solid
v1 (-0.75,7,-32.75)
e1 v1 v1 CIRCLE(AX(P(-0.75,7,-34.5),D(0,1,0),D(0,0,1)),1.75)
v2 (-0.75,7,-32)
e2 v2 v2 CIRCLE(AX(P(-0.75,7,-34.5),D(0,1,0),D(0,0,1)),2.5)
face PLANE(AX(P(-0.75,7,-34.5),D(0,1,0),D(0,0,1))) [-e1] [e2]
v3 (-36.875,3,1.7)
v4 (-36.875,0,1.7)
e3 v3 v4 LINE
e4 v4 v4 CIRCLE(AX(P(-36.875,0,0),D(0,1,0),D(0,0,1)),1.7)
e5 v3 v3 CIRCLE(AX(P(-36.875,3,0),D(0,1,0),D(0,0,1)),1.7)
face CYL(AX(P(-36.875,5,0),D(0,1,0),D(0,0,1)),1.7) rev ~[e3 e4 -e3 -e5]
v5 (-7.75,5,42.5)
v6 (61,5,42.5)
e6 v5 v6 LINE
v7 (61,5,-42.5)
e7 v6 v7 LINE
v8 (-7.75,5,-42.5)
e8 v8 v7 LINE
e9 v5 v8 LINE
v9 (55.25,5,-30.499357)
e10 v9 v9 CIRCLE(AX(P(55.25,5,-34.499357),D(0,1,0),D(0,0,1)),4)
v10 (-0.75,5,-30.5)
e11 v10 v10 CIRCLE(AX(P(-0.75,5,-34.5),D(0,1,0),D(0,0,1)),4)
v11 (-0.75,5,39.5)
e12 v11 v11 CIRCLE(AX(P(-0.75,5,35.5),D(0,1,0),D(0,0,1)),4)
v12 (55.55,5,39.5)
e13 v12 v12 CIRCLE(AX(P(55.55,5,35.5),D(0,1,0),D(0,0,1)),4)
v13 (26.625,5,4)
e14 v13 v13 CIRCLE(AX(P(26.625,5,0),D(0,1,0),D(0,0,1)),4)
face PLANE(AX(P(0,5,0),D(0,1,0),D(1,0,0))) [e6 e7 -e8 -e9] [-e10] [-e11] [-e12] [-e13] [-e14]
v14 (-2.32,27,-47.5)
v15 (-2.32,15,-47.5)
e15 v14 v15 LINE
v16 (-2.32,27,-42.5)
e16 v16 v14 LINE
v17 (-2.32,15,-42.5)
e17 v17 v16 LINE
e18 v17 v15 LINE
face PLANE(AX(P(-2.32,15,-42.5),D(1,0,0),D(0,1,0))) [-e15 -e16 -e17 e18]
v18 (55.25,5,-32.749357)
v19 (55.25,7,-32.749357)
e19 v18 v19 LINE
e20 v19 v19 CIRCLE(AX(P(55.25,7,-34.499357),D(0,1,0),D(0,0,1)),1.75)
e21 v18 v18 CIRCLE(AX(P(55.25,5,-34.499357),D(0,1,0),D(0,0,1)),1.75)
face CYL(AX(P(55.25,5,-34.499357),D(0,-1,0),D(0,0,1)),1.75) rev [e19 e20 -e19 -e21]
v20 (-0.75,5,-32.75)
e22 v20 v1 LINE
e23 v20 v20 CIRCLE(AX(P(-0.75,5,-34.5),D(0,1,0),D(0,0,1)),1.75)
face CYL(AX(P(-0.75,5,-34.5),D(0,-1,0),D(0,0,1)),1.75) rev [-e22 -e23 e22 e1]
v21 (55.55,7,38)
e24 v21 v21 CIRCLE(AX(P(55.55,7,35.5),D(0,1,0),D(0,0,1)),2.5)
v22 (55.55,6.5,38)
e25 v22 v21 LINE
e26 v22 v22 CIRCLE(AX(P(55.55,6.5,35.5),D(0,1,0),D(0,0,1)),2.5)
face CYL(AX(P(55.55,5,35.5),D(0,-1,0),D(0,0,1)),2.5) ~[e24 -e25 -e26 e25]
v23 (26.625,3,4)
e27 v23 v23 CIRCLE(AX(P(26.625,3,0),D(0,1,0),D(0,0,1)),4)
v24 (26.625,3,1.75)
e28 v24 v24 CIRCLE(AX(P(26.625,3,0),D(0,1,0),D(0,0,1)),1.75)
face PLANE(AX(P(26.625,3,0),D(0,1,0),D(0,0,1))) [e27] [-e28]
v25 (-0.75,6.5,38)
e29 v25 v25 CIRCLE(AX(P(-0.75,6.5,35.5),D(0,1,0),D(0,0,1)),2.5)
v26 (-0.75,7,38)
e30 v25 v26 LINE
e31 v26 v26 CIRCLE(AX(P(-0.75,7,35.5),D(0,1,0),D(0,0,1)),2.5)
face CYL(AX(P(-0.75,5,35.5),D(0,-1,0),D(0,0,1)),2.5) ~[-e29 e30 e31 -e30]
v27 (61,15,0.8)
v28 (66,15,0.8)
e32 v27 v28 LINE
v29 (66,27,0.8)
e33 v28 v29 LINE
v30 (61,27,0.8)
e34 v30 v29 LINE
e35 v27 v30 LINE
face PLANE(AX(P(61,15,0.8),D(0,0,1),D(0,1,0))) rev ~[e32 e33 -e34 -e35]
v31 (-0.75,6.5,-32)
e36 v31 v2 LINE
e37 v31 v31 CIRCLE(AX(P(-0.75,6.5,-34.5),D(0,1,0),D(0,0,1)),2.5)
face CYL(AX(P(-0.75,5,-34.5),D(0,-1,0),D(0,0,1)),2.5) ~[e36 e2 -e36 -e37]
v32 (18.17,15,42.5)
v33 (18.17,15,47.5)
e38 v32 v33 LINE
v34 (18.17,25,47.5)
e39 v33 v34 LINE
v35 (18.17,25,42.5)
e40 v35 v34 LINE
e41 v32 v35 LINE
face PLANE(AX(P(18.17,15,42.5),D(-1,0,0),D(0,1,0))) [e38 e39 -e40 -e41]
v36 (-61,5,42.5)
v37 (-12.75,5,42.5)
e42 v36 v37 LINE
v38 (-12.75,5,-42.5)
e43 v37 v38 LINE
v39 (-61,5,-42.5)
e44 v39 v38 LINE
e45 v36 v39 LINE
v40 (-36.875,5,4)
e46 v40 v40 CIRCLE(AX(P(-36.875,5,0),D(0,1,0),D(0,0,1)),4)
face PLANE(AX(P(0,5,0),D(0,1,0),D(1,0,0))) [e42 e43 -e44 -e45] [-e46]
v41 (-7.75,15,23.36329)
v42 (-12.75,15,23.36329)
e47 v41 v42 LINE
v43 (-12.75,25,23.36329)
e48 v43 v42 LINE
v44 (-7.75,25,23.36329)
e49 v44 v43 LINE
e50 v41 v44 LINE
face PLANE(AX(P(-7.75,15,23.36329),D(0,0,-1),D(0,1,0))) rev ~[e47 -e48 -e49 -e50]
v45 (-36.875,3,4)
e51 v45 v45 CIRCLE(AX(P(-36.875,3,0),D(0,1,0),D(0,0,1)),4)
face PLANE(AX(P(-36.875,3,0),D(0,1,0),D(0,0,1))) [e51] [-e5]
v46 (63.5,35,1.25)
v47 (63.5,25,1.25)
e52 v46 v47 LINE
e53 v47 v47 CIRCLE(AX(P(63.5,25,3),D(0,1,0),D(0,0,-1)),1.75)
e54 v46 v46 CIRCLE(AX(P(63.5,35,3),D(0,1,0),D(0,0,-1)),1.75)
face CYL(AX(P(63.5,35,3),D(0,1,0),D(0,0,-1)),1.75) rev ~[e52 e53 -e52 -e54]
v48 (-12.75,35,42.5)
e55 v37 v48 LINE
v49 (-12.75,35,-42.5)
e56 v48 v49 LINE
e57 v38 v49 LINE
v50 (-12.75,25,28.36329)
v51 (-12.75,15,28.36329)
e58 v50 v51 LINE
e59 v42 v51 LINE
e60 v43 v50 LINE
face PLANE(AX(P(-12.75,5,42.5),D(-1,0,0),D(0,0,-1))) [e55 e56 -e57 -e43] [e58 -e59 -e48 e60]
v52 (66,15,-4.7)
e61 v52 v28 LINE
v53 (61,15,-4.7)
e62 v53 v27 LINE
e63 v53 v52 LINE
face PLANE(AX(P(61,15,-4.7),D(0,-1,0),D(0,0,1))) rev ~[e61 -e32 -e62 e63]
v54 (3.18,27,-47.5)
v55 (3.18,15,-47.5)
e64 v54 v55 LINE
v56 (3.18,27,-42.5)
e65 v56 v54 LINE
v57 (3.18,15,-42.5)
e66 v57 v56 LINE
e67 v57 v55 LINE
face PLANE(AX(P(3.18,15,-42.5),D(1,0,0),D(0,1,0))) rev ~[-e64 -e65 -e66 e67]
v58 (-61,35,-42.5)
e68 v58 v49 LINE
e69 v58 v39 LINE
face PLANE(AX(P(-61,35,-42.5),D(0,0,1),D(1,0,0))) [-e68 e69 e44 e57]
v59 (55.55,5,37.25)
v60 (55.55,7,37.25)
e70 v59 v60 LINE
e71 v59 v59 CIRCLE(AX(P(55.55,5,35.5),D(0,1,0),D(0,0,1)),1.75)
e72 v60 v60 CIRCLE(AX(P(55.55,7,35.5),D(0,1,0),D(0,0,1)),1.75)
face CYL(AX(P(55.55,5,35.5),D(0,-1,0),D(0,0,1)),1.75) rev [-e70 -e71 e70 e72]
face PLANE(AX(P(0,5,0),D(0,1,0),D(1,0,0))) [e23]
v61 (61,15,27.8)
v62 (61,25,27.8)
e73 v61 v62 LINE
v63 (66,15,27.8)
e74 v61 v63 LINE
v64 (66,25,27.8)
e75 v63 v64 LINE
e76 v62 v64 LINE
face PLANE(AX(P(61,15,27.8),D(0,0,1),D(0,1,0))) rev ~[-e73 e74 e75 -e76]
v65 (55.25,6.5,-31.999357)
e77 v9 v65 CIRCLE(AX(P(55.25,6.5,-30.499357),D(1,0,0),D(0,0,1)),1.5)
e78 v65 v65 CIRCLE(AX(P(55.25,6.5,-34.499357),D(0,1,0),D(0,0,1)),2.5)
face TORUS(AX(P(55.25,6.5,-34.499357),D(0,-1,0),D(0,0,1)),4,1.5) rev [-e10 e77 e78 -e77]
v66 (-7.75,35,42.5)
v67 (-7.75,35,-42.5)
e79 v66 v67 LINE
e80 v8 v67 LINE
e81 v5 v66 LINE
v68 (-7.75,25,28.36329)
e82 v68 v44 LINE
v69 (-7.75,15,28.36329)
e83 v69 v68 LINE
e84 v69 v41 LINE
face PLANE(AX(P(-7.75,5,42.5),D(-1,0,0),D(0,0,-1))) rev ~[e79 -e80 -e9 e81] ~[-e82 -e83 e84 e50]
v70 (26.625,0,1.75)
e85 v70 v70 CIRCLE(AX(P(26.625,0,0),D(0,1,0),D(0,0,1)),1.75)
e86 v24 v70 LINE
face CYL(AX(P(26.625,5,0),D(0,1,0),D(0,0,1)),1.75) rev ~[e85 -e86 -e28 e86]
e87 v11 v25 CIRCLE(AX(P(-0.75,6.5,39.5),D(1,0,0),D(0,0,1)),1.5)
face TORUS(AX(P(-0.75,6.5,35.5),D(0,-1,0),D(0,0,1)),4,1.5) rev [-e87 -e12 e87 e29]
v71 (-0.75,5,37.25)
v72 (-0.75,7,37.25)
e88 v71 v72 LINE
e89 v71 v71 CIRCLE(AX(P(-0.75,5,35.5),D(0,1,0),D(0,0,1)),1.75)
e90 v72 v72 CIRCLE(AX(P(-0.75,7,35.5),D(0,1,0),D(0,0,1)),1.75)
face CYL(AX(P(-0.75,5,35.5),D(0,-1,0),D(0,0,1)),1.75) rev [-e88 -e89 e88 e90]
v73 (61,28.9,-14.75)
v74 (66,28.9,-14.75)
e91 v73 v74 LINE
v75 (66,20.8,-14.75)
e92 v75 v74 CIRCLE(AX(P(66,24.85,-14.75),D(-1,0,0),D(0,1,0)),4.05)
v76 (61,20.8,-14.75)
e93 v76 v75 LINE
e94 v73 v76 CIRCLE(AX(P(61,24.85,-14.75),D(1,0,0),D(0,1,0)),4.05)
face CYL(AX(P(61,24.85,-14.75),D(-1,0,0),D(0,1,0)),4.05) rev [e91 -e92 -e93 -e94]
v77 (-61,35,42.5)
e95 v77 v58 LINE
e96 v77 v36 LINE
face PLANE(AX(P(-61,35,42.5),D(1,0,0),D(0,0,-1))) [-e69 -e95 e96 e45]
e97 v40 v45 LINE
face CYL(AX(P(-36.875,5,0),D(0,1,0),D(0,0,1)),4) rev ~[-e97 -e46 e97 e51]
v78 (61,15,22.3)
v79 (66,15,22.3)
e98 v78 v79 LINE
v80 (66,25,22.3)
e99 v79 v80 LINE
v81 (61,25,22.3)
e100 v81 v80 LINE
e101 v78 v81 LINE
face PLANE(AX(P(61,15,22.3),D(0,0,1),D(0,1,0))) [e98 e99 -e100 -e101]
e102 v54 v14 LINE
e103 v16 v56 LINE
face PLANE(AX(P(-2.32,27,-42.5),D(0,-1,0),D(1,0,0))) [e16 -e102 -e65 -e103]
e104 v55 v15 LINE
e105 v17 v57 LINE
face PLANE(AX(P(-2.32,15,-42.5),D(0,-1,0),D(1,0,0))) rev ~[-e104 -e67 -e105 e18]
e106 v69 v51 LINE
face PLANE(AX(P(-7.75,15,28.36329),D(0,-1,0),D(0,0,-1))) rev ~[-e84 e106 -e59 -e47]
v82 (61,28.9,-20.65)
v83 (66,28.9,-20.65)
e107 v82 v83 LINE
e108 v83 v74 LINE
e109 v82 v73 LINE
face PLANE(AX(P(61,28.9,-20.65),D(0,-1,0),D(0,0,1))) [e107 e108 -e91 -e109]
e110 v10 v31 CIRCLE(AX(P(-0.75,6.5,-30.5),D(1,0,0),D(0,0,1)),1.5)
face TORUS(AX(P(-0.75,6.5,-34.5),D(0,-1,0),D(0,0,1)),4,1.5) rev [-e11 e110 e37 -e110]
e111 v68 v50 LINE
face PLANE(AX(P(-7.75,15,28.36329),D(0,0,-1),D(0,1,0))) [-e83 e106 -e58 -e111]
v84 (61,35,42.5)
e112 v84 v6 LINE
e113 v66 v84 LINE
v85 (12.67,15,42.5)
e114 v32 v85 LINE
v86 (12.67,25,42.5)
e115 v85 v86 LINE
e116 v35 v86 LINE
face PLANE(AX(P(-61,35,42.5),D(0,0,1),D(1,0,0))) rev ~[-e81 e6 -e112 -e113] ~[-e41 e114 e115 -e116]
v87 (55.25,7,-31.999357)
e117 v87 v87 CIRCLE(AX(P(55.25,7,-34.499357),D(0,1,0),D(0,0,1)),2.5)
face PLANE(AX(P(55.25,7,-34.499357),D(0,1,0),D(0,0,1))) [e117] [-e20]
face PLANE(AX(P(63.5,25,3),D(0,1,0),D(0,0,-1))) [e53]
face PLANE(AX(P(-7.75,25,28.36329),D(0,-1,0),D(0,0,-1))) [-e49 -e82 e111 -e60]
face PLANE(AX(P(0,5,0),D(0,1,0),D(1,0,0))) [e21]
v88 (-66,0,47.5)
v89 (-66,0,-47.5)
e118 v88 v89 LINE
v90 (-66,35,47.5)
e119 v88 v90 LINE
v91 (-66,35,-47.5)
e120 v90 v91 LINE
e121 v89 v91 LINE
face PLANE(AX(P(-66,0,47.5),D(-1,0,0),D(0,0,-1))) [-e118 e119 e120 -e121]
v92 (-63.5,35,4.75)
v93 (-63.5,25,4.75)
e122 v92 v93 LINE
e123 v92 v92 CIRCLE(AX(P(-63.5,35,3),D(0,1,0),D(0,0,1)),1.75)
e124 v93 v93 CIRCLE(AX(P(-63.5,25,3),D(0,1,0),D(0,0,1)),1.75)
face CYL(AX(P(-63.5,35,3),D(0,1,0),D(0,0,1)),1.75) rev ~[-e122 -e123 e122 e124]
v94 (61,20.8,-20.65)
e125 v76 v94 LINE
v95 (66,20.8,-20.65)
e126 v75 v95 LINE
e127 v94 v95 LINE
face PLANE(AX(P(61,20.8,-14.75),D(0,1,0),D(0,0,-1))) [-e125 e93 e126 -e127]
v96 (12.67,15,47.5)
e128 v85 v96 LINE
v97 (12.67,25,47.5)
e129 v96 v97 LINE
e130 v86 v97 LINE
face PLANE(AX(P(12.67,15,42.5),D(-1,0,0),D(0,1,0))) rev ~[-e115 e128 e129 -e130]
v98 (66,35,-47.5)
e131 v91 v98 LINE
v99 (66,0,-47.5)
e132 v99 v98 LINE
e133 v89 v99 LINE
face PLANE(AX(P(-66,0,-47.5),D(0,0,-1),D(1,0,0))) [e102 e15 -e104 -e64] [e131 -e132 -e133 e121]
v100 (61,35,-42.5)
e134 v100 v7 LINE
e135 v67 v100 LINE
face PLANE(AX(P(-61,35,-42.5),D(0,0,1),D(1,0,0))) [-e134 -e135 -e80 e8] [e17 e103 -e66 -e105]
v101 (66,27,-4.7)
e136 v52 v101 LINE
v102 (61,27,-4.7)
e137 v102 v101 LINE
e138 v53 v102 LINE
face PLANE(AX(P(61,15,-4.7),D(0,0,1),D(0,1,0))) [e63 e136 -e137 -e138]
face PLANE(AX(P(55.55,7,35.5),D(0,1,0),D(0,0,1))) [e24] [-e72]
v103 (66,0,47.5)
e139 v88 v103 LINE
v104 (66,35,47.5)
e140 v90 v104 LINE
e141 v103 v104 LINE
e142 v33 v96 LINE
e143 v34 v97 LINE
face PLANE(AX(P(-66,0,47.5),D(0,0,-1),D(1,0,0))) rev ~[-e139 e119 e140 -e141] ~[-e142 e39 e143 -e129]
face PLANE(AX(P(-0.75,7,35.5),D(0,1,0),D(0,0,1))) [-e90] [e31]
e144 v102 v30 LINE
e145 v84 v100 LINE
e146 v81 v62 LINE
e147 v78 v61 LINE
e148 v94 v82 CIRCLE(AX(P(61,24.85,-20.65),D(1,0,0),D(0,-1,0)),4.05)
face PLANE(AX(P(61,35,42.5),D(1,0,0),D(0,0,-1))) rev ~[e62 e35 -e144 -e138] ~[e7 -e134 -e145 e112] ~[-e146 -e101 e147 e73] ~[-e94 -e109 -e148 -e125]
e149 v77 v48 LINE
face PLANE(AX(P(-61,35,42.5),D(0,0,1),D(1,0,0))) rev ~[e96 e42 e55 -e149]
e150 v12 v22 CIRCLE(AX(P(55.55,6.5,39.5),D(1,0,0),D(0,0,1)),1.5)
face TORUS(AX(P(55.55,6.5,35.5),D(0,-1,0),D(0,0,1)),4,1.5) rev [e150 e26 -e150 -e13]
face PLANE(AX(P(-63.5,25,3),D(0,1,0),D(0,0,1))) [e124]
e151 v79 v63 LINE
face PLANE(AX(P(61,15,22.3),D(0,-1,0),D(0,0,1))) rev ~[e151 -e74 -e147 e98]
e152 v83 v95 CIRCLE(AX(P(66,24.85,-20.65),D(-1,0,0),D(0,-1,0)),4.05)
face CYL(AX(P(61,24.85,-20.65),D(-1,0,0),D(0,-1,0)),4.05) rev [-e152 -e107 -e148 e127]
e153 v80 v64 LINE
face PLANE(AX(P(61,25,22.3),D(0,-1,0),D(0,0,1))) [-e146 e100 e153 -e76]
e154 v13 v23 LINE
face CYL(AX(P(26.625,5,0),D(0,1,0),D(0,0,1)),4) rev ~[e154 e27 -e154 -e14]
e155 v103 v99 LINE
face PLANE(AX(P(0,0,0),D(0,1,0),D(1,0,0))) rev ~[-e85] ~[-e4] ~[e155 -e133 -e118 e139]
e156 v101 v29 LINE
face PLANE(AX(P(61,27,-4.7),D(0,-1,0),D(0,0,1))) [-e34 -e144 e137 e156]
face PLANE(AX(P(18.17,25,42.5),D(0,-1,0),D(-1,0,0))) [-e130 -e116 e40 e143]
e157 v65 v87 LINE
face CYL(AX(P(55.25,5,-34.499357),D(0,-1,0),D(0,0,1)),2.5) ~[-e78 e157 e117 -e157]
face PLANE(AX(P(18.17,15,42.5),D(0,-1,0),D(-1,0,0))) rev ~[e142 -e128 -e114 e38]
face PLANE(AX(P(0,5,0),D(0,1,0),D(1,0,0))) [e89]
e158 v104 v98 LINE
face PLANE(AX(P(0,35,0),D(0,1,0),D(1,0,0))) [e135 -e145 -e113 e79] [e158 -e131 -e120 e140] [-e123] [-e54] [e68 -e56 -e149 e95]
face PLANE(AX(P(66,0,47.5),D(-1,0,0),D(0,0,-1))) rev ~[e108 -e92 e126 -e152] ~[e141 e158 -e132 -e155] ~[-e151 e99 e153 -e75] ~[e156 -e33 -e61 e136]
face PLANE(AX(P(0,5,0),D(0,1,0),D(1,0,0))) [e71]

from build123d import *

# Parameters (mm, degrees)
SKETCH1_W           = 132
SKETCH1_H           = 95
BOSS_EXTRUDE1_DEPTH = 35
SKETCH2_W           = 122
SKETCH2_H           = 85
CUT_EXTRUDE1_DEPTH  = 30
SKETCH4_W           = 5
SKETCH4_H           = 85
BOSS_EXTRUDE2_DEPTH = 30
SKETCH5_R           = 2.5
SKETCH5_R_2         = 1.75
BOSS_EXTRUDE3_DEPTH = 2
FILLET1_R           = 1.5
SKETCH7_W           = 5
SKETCH7_H           = 10
CUT_EXTRUDE3_DEPTH  = 10
SKETCH8_R           = 1.75
SKETCH8_R_2         = 1.7
CUT_EXTRUDE4_DEPTH  = 10
SKETCH9_R           = 4
CUT_EXTRUDE6_DEPTH  = 2
SKETCH11_W          = 5.5
SKETCH11_H          = 12
SKETCH11_H_2        = 10
CUT_EXTRUDE7_DEPTH  = 10
SKETCH13_W          = 5.5
SKETCH13_H          = 10
CUT_EXTRUDE8_DEPTH  = 10
SKETCH14_W          = 5.5
SKETCH14_H          = 12
CUT_EXTRUDE9_DEPTH  = 10
SKETCH15_R          = 1.75
CUT_EXTRUDE10_DEPTH = 10


with BuildPart() as part:
    # Sketch1 → Boss-Extrude1 (new body)
    with BuildSketch(Plane(origin=(0, 0, 0), x_dir=(1, 0, 0), z_dir=(0, 1, 0))):
        Rectangle(SKETCH1_W, SKETCH1_H)
    extrude(amount=BOSS_EXTRUDE1_DEPTH)

    # Sketch2 → Cut-Extrude1 (cut)
    with BuildSketch(Plane(origin=(0, 35, 0), x_dir=(1, 0, 0), z_dir=(0, 1, 0))):
        Rectangle(SKETCH2_W, SKETCH2_H)
    extrude(amount=-CUT_EXTRUDE1_DEPTH, mode=Mode.SUBTRACT)

    # Sketch4 → Boss-Extrude2 (add, through all)
    with BuildSketch(Plane(origin=(0, 5, 0), x_dir=(1, 0, 0), z_dir=(0, 1, 0))):
        with Locations((-10.25, 0)):
            Rectangle(SKETCH4_W, SKETCH4_H)
    extrude(amount=BOSS_EXTRUDE2_DEPTH)

    # Sketch5 → Boss-Extrude3 (add)
    # profile 1 of 4: a face of its own
    with BuildSketch(Plane(origin=(0, 5, 0), x_dir=(1, 0, 0), z_dir=(0, 1, 0))):
        with Locations(Location((55.55, -35.5, 0), (0, 0, 270))):
            Circle(SKETCH5_R)
        with Locations(Location((55.55, -35.5, 0), (0, 0, 270))):
            Circle(SKETCH5_R_2, mode=Mode.SUBTRACT)
    # profile 2 of 4: a face of its own
    with BuildSketch(Plane(origin=(0, 5, 0), x_dir=(1, 0, 0), z_dir=(0, 1, 0))):
        with Locations(Location((-0.75, -35.5, 0), (0, 0, 270))):
            Circle(SKETCH5_R)
        with Locations(Location((-0.75, -35.5, 0), (0, 0, 270))):
            Circle(SKETCH5_R_2, mode=Mode.SUBTRACT)
    # profile 3 of 4: a face of its own
    with BuildSketch(Plane(origin=(0, 5, 0), x_dir=(1, 0, 0), z_dir=(0, 1, 0))):
        with Locations(Location((55.249999996, 34.49935714, 0), (0, 0, 270))):
            Circle(SKETCH5_R)
        with Locations(Location((55.249999996, 34.49935714, 0), (0, 0, 270))):
            Circle(SKETCH5_R_2, mode=Mode.SUBTRACT)
    # profile 4 of 4: a face of its own
    with BuildSketch(Plane(origin=(0, 5, 0), x_dir=(1, 0, 0), z_dir=(0, 1, 0))):
        with Locations(Location((-0.75, 34.5, 0), (0, 0, 270))):
            Circle(SKETCH5_R)
        with Locations(Location((-0.75, 34.5, 0), (0, 0, 270))):
            Circle(SKETCH5_R_2, mode=Mode.SUBTRACT)
    extrude(amount=BOSS_EXTRUDE3_DEPTH)

    # Fillet1
    fillet1_edges = [part.edges().sort_by_distance(p)[0] for p in [
        (55.55, 5, 33),
        (-0.75, 5, 33),
        (55.249999996, 5, -36.99935714),
        (-0.75, 5, -37),
    ]]
    fillet(fillet1_edges, radius=FILLET1_R)

    # Sketch7 → Cut-Extrude3 (cut)
    with BuildSketch(Plane(origin=(-7.75, 0, 0), x_dir=(0, 0, -1), z_dir=(1, 0, 0))):
        with Locations((-25.863290262, 20)):
            Rectangle(SKETCH7_W, SKETCH7_H)
    extrude(amount=-CUT_EXTRUDE3_DEPTH, mode=Mode.SUBTRACT)

    # Sketch8 → Cut-Extrude4 (cut)
    with BuildSketch(Plane(origin=(0, 5, 0), x_dir=(1, 0, 0), z_dir=(0, 1, 0))):
        with Locations(Location((26.625, 0, 0), (0, 0, 270))):
            Circle(SKETCH8_R)
        with Locations(Location((-36.875, 0, 0), (0, 0, 270))):
            Circle(SKETCH8_R_2)
    extrude(amount=-CUT_EXTRUDE4_DEPTH, mode=Mode.SUBTRACT)

    # Sketch9 → Cut-Extrude6 (cut)
    with BuildSketch(Plane(origin=(0, 5, 0), x_dir=(1, 0, 0), z_dir=(0, 1, 0))):
        with Locations(Location((26.625, 0, 0), (0, 0, 270))):
            Circle(SKETCH9_R)
        with Locations(Location((-36.875, 0, 0), (0, 0, 270))):
            Circle(SKETCH9_R)
    extrude(amount=-CUT_EXTRUDE6_DEPTH, mode=Mode.SUBTRACT)

    # Sketch11 → Cut-Extrude7 (cut)
    with BuildSketch(Plane.ZY.offset(-61)):
        with Locations((-1.95, 21)):
            Rectangle(SKETCH11_W, SKETCH11_H)
        with Locations((25.05, 20)):
            Rectangle(SKETCH11_W, SKETCH11_H_2)
        with BuildLine():
            Line((-14.75, 20.8), (-20.65, 20.8))
            ThreePointArc((-20.65, 20.8), (-24.7, 24.85), (-20.65, 28.9))
            Line((-20.65, 28.9), (-14.75, 28.9))
            ThreePointArc((-14.75, 28.9), (-10.7, 24.85), (-14.75, 20.8))
        make_face()
    extrude(amount=-CUT_EXTRUDE7_DEPTH, mode=Mode.SUBTRACT)

    # Sketch13 → Cut-Extrude8 (cut)
    with BuildSketch(Plane(origin=(0, 0, 42.5), x_dir=(-1, 0, 0), z_dir=(0, 0, -1))):
        with Locations((-15.42, 20)):
            Rectangle(SKETCH13_W, SKETCH13_H)
    extrude(amount=-CUT_EXTRUDE8_DEPTH, mode=Mode.SUBTRACT)

    # Sketch14 → Cut-Extrude9 (cut)
    with BuildSketch(Plane.XY.offset(-42.5)):
        with Locations((0.43, 21)):
            Rectangle(SKETCH14_W, SKETCH14_H)
    extrude(amount=-CUT_EXTRUDE9_DEPTH, mode=Mode.SUBTRACT)

    # Sketch15 → Cut-Extrude10 (cut)
    with BuildSketch(Plane(origin=(0, 35, 0), x_dir=(1, 0, 0), z_dir=(0, 1, 0))):
        with Locations(Location((-63.5, -3, 0), (0, 0, 270))):
            Circle(SKETCH15_R)
        with Locations(Location((63.5, -3, 0), (0, 0, 90))):
            Circle(SKETCH15_R)
    extrude(amount=-CUT_EXTRUDE10_DEPTH, mode=Mode.SUBTRACT)


solid = part.part
